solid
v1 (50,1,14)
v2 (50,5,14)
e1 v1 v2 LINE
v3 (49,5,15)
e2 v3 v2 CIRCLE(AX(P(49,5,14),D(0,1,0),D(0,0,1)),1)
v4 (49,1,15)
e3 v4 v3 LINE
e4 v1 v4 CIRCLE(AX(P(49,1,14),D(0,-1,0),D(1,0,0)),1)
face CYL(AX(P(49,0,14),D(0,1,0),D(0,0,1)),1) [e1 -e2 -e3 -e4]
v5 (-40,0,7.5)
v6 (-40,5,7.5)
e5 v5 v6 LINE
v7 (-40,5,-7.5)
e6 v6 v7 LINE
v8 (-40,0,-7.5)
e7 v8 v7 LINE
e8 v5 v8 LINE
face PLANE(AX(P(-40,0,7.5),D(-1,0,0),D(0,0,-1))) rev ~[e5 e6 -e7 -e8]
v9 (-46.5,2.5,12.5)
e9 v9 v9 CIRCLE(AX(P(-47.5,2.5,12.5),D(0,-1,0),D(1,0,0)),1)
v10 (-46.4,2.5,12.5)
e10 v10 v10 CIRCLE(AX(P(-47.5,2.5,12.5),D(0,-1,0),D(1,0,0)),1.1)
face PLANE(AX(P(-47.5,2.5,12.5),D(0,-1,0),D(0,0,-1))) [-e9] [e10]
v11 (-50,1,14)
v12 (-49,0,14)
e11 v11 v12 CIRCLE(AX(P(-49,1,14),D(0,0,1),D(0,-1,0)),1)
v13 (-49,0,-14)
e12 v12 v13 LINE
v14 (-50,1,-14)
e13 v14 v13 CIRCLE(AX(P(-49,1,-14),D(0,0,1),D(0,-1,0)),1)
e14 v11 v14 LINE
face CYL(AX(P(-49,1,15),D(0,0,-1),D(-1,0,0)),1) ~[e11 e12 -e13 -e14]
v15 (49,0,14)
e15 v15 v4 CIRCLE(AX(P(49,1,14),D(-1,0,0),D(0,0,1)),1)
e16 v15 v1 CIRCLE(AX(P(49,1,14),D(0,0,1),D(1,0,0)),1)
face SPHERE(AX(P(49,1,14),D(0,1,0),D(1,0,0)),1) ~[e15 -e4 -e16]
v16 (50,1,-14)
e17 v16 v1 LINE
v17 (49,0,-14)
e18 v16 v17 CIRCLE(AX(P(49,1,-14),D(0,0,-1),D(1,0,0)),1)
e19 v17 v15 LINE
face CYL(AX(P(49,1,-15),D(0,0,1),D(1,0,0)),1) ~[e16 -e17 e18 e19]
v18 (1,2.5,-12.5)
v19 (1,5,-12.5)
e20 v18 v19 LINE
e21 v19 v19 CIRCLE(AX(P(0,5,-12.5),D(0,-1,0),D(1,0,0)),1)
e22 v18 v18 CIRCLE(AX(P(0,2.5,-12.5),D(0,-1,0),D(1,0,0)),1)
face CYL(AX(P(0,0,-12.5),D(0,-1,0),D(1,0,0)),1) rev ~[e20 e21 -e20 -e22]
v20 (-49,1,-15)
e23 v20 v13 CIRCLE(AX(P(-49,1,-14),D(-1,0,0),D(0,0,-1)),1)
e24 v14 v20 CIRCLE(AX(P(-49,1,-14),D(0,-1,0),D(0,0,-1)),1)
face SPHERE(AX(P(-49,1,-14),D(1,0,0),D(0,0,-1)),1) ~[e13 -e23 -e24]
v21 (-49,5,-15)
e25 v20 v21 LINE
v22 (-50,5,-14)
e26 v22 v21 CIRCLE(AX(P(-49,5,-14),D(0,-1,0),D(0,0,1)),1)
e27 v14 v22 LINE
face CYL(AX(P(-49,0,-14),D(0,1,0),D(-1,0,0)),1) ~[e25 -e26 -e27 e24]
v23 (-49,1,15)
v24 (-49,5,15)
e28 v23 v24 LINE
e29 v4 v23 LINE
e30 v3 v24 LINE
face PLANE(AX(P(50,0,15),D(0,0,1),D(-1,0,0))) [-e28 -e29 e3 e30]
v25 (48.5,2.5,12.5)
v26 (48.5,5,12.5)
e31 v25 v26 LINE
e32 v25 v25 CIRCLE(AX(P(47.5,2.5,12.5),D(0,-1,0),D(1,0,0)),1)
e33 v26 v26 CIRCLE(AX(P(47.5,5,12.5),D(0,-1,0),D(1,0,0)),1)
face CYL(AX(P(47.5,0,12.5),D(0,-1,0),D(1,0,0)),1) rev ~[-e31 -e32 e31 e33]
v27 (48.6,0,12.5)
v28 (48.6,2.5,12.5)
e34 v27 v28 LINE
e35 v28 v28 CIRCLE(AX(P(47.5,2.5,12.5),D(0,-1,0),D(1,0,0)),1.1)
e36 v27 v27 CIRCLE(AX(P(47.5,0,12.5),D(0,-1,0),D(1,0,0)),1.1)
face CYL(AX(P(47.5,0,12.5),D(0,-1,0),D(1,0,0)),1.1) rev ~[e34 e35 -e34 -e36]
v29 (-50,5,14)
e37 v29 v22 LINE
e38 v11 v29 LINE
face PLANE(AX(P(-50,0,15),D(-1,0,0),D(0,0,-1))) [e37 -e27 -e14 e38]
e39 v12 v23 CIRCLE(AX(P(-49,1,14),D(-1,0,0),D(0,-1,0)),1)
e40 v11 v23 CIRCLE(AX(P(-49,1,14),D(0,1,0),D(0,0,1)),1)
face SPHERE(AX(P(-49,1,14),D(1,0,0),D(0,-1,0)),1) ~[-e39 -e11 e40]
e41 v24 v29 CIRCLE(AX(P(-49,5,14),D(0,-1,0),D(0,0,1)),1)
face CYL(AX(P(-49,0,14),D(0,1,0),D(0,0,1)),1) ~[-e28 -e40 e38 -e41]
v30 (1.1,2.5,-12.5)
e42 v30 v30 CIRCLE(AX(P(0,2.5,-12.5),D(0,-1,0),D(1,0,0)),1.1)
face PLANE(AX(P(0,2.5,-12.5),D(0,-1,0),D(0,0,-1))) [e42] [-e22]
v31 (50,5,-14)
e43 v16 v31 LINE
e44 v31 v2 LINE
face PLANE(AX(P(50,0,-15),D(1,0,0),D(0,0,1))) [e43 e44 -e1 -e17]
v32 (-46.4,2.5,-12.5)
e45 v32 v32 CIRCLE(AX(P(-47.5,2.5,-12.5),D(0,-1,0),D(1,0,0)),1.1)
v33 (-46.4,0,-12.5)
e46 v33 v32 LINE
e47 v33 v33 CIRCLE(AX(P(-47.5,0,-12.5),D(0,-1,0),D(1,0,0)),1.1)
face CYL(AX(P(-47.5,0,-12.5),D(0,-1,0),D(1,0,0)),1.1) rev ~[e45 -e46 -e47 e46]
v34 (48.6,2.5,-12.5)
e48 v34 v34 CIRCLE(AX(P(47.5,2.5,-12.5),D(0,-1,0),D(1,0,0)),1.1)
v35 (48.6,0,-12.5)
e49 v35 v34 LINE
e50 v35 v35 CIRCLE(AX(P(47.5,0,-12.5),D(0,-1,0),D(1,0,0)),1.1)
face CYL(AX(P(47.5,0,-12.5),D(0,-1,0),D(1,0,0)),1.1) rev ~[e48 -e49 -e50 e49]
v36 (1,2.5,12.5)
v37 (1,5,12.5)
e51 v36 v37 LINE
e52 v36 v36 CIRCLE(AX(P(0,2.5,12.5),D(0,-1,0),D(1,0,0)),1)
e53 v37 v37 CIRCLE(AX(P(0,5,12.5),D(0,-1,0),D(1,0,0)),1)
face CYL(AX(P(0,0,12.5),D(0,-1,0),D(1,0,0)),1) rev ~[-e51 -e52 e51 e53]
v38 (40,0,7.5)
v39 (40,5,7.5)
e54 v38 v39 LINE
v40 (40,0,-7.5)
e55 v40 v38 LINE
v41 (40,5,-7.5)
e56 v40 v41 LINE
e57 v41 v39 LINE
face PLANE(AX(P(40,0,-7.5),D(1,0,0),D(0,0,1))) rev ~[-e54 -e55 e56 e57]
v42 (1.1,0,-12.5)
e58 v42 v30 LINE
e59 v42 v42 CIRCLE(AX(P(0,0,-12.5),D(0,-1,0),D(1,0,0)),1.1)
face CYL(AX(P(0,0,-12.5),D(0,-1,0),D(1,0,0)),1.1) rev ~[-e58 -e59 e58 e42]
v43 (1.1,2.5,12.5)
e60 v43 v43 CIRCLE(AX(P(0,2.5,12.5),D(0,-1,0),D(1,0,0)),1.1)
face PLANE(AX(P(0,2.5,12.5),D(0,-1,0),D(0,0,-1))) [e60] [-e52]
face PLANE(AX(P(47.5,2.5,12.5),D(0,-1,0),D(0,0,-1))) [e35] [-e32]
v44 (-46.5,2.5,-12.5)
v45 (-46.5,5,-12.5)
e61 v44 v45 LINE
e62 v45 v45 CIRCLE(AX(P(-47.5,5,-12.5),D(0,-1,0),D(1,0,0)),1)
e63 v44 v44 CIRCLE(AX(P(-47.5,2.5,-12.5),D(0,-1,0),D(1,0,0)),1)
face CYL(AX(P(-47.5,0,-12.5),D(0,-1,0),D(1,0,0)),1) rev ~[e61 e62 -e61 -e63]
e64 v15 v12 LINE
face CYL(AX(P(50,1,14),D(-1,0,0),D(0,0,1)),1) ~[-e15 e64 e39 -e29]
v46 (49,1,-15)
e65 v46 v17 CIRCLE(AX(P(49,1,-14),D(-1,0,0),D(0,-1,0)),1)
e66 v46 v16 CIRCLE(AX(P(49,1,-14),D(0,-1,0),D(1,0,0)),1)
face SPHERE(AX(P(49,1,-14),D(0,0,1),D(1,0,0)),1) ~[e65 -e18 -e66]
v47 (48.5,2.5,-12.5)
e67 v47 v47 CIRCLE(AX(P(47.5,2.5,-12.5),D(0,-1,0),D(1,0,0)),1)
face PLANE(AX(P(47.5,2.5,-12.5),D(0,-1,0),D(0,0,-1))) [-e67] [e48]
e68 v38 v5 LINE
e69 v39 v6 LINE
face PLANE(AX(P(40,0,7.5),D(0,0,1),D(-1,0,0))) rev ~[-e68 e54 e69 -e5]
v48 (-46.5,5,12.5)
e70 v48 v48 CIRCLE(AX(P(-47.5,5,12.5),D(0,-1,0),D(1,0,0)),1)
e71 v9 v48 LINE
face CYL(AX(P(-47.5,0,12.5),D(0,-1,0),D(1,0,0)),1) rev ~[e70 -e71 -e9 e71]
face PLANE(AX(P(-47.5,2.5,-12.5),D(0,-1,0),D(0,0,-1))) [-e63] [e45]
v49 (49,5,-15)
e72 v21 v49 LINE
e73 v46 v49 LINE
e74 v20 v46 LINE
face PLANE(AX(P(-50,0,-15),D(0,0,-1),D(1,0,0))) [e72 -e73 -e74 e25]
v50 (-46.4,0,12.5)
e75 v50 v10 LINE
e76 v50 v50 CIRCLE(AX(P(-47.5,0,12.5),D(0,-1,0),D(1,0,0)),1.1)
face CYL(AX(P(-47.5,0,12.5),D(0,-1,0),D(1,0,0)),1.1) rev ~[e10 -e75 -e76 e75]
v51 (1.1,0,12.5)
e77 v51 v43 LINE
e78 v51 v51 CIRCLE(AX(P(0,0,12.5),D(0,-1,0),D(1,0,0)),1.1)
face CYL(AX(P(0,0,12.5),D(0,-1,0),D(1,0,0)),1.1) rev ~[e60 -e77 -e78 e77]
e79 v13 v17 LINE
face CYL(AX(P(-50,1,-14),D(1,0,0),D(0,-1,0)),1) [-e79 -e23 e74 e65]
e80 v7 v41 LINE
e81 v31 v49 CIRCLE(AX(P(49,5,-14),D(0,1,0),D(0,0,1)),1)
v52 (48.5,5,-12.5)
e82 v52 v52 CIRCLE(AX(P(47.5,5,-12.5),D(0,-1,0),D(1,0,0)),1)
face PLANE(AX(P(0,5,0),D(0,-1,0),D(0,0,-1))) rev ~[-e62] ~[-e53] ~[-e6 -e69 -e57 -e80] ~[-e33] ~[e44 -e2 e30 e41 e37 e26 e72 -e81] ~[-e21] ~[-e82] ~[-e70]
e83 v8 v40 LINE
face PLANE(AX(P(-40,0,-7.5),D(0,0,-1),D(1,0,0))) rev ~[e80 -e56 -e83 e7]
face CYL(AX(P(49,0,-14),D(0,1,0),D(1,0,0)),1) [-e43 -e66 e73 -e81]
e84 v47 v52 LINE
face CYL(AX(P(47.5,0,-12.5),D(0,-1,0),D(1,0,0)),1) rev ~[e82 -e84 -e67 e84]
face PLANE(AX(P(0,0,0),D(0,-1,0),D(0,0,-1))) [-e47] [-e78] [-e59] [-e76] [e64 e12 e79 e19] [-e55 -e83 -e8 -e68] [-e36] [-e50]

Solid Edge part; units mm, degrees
sketch "Sketch1" plane through (0, 0, 0) normal (0, -1, 0) x (1, 0, 0)
  line L0 (50, 15) -> (-50, 15)
  line L1 (-50, 15) -> (-50, -15)
  line L2 (-50, -15) -> (50, -15)
  line L3 (50, -15) -> (50, 15)
extrude "Protrusion1" add sketch "Sketch1" against normal blind 5
sketch "Sketch2" plane through (0, 0, 0) normal (0, -1, 0) x (1, 0, 0)
  circle A0 centre (47.5, 12.5) radius 1
  circle A1 centre (-47.5, 12.5) radius 1
  circle A2 centre (-47.5, -12.5) radius 1
  circle A3 centre (47.5, -12.5) radius 1
  circle A4 centre (0, -12.5) radius 1
  circle A5 centre (0, 12.5) radius 1
extrude "ExtrudedCutout_1" cut sketch "Sketch2" against normal blind 5
sketch "Sketch3" plane through (0, 0, 0) normal (0, -1, 0) x (1, 0, 0)
  circle A0 centre (47.5, 12.5) radius 1.1
  circle A1 centre (-47.5, 12.5) radius 1.1
  circle A2 centre (-47.5, -12.5) radius 1.1
  circle A3 centre (47.5, -12.5) radius 1.1
  circle A4 centre (0, 12.5) radius 1.1
  circle A5 centre (0, -12.5) radius 1.1
extrude "ExtrudedCutout_2" cut sketch "Sketch3" against normal blind 2.5
fillet "Round_1" radius 1 8 edges at (50, 2.5, 15) (50, 0, 0) (0, 0, 15) (50, 2.5, -15) (0, 0, -15) (-50, 2.5, -15) (-50, 0, 0) (-50, 2.5, 15)
sketch "Sketch4" plane through (0, 0, 0) normal (0, -1, 0) x (-1, 0, 0)
  line L0 (-40, -7.5) -> (40, -7.5)
  line L1 (40, -7.5) -> (40, 7.5)
  line L2 (40, 7.5) -> (-40, 7.5)
  line L3 (-40, 7.5) -> (-40, -7.5)
extrude "ExtrudedCutout_3" cut sketch "Sketch4" against normal blind 5
